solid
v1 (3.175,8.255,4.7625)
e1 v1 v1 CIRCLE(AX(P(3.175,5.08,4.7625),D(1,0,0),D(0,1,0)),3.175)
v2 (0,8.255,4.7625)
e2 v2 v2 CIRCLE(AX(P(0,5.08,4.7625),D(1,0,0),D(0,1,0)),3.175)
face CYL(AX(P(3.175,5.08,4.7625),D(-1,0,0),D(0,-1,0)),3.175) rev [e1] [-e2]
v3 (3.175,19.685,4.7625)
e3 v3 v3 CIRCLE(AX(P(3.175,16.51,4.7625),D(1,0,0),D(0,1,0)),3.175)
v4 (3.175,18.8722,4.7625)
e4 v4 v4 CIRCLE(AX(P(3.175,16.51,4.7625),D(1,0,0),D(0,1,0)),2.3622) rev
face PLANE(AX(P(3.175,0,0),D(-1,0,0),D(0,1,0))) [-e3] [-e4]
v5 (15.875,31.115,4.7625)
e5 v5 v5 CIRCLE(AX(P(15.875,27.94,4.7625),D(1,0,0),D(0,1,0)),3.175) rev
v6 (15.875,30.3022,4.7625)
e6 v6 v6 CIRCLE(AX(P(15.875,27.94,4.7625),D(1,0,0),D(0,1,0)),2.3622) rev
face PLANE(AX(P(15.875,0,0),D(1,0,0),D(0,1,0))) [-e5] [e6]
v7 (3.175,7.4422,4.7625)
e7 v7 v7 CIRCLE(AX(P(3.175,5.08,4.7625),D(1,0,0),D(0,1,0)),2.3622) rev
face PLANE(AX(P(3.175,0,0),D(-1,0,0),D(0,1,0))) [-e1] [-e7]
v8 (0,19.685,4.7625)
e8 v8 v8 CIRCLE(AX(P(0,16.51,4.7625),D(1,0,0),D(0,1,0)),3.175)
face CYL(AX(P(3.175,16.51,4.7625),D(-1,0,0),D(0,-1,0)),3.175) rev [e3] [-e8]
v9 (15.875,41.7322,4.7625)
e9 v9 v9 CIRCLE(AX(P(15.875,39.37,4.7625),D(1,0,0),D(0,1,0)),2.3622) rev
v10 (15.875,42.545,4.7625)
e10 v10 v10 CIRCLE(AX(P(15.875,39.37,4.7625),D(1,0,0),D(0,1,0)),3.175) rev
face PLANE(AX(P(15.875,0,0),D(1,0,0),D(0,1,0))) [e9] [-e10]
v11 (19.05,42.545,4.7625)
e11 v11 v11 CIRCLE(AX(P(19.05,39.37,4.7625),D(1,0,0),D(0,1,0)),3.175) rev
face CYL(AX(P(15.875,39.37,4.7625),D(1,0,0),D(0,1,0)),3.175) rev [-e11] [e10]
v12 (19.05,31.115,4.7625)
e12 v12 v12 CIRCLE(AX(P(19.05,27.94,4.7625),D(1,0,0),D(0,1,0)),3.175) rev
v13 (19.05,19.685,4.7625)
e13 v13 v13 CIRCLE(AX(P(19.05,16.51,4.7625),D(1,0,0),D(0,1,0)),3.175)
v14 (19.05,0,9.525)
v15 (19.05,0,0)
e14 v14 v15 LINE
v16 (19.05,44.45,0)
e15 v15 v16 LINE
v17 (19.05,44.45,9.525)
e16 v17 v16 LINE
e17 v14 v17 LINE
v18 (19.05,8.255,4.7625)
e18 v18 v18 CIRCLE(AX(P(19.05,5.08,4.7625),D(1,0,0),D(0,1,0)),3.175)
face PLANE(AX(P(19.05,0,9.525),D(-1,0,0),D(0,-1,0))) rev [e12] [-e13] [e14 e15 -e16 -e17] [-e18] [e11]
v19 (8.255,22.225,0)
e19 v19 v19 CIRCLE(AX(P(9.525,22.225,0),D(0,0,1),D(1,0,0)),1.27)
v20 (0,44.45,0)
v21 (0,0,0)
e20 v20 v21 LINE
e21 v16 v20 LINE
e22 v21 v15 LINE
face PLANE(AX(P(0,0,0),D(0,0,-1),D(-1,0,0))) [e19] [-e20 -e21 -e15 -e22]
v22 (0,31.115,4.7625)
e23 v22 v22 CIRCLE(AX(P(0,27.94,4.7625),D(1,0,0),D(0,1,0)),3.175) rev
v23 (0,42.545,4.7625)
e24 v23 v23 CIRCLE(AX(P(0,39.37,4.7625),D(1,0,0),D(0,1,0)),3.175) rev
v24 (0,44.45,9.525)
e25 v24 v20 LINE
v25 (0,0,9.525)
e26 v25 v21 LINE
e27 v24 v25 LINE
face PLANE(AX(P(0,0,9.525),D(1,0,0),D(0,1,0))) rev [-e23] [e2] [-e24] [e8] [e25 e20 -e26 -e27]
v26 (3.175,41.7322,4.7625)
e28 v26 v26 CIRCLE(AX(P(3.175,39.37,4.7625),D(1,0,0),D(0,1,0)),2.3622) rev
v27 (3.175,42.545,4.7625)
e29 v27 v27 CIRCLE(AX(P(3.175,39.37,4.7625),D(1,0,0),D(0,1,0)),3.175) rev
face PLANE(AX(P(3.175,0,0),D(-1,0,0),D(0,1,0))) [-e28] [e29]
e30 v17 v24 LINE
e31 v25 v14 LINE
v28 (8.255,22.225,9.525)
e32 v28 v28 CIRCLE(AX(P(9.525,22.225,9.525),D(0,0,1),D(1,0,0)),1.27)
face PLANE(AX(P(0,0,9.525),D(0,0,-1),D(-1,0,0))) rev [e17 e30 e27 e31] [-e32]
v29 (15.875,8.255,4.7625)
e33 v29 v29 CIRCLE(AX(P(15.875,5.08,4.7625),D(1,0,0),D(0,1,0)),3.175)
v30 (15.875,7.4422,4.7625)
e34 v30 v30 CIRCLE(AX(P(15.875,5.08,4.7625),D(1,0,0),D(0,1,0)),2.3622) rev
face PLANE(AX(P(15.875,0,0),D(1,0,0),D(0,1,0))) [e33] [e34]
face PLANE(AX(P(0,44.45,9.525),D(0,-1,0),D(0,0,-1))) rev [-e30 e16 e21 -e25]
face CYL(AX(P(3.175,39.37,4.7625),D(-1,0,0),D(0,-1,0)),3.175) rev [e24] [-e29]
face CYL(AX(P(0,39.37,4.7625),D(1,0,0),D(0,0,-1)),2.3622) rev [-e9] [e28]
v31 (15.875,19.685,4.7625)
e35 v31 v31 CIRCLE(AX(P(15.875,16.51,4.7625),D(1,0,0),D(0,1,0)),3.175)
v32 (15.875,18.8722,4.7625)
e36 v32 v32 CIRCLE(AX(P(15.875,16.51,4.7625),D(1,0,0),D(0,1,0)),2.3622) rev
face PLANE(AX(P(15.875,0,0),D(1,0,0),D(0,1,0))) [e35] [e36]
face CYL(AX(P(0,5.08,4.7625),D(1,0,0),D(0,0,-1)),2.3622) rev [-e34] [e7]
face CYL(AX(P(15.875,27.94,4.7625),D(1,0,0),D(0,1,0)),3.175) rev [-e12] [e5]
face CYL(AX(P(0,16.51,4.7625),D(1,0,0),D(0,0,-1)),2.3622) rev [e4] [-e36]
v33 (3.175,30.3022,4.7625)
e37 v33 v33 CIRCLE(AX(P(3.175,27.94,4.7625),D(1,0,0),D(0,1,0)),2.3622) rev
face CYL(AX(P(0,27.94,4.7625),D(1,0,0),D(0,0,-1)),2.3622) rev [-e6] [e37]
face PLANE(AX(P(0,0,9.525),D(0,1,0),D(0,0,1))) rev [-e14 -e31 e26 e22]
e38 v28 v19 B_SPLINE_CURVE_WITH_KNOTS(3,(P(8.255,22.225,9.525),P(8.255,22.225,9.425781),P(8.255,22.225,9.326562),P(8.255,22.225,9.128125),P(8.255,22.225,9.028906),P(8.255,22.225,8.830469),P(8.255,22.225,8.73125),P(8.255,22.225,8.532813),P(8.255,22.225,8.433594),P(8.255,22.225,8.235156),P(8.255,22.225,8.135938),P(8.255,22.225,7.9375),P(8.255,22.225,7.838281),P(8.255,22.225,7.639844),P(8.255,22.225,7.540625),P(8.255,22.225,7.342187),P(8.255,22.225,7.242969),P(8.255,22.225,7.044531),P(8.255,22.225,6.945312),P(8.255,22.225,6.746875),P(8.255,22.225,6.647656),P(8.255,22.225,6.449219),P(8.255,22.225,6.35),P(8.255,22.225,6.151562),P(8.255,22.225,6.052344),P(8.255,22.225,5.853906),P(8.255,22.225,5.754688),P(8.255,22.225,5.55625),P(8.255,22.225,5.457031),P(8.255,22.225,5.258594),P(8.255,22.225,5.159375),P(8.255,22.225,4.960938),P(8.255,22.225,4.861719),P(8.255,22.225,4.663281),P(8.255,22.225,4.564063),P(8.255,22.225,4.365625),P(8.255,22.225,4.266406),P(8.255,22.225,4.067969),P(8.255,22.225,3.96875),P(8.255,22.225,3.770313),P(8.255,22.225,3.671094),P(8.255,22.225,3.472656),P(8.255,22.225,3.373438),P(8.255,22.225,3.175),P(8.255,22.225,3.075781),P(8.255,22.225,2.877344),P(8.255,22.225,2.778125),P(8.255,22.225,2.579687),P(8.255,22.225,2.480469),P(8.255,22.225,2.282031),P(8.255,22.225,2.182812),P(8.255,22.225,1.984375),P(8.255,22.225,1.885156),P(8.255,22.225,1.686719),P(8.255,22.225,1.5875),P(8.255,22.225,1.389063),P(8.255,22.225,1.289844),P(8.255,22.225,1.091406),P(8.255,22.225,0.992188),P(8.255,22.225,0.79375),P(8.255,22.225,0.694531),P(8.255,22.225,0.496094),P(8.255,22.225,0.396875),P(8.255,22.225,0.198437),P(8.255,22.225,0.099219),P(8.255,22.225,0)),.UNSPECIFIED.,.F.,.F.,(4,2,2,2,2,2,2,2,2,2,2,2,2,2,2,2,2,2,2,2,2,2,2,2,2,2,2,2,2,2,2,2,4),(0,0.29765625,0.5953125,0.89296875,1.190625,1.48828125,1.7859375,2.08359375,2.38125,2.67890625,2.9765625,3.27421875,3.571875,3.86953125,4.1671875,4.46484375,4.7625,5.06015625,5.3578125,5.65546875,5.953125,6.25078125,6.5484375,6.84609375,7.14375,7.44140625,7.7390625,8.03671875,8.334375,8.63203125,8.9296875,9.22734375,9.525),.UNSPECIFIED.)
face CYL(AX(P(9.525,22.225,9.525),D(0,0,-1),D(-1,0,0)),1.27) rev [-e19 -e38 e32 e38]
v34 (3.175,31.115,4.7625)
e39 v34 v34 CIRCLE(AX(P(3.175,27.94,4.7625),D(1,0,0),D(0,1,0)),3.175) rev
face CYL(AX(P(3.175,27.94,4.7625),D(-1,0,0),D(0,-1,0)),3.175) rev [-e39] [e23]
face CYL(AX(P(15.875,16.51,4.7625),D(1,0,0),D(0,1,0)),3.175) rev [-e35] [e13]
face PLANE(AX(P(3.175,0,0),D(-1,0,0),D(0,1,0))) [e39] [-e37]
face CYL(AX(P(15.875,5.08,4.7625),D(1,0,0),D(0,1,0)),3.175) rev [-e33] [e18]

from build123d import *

# Parameters (mm, degrees)
SKETCH1_W           = 19.05
SKETCH1_H           = 44.45
SKETCH1_R           = 1.27
BOSS_EXTRUDE1_DEPTH = 9.525
SKETCH2_R           = 2.3622
CUT_EXTRUDE1_DEPTH  = 50.289254661
SKETCH5_R           = 3.175
SKETCH5_R_2         = 2.3622
CUT_EXTRUDE2_DEPTH  = 3.175


with BuildPart() as part:
    # Sketch1 → Boss-Extrude1 (new body)
    with BuildSketch(Plane.XY):
        with Locations((9.525, 22.225)):
            Rectangle(SKETCH1_W, SKETCH1_H)
        with Locations(Location((9.525, 22.225, 0), (0, 0, 180))):
            Circle(SKETCH1_R, mode=Mode.SUBTRACT)
    extrude(amount=BOSS_EXTRUDE1_DEPTH)

    # Sketch2 → Cut-Extrude1 (cut, through all)
    with BuildSketch(Plane(origin=(19.05, 0, 0), x_dir=(0, 0, -1), z_dir=(1, 0, 0))):
        with Locations((-4.7625, 16.51)):
            Circle(SKETCH2_R)
        with Locations((-4.7625, 39.37)):
            Circle(SKETCH2_R)
        with Locations((-4.7625, 27.94)):
            Circle(SKETCH2_R)
        with Locations((-4.7625, 5.08)):
            Circle(SKETCH2_R)
    extrude(amount=-CUT_EXTRUDE1_DEPTH, mode=Mode.SUBTRACT)

    # Sketch5 → Cut-Extrude2 (cut)
    # profile 1 of 4: a face of its own
    with BuildSketch(Plane(origin=(19.05, 0, 0), x_dir=(0, 0, -1), z_dir=(1, 0, 0))):
        with Locations(Location((-4.7625, 5.08, 0), (0, 0, 90))):
            Circle(SKETCH5_R)
        with Locations((-4.7625, 5.08)):
            Circle(SKETCH5_R_2, mode=Mode.SUBTRACT)
    # profile 2 of 4: a face of its own
    with BuildSketch(Plane(origin=(19.05, 0, 0), x_dir=(0, 0, -1), z_dir=(1, 0, 0))):
        with Locations(Location((-4.7625, 16.51, 0), (0, 0, 90))):
            Circle(SKETCH5_R)
        with Locations((-4.7625, 16.51)):
            Circle(SKETCH5_R_2, mode=Mode.SUBTRACT)
    # profile 3 of 4: a face of its own
    with BuildSketch(Plane(origin=(19.05, 0, 0), x_dir=(0, 0, -1), z_dir=(1, 0, 0))):
        with Locations(Location((-4.7625, 27.94, 0), (0, 0, 90))):
            Circle(SKETCH5_R)
        with Locations((-4.7625, 27.94)):
            Circle(SKETCH5_R_2, mode=Mode.SUBTRACT)
    # profile 4 of 4: a face of its own
    with BuildSketch(Plane(origin=(19.05, 0, 0), x_dir=(0, 0, -1), z_dir=(1, 0, 0))):
        with Locations(Location((-4.7625, 39.37, 0), (0, 0, 90))):
            Circle(SKETCH5_R)
        with Locations((-4.7625, 39.37)):
            Circle(SKETCH5_R_2, mode=Mode.SUBTRACT)
    cut_extrude2 = extrude(amount=-CUT_EXTRUDE2_DEPTH, mode=Mode.SUBTRACT)

    # Mirror1: Cut-Extrude2 across plane
    add(cut_extrude2.mirror(Plane(origin=(9.525, 0, 0), x_dir=(0, 0, 1), z_dir=(1, 0, 0))), mode=Mode.SUBTRACT)


solid = part.part
